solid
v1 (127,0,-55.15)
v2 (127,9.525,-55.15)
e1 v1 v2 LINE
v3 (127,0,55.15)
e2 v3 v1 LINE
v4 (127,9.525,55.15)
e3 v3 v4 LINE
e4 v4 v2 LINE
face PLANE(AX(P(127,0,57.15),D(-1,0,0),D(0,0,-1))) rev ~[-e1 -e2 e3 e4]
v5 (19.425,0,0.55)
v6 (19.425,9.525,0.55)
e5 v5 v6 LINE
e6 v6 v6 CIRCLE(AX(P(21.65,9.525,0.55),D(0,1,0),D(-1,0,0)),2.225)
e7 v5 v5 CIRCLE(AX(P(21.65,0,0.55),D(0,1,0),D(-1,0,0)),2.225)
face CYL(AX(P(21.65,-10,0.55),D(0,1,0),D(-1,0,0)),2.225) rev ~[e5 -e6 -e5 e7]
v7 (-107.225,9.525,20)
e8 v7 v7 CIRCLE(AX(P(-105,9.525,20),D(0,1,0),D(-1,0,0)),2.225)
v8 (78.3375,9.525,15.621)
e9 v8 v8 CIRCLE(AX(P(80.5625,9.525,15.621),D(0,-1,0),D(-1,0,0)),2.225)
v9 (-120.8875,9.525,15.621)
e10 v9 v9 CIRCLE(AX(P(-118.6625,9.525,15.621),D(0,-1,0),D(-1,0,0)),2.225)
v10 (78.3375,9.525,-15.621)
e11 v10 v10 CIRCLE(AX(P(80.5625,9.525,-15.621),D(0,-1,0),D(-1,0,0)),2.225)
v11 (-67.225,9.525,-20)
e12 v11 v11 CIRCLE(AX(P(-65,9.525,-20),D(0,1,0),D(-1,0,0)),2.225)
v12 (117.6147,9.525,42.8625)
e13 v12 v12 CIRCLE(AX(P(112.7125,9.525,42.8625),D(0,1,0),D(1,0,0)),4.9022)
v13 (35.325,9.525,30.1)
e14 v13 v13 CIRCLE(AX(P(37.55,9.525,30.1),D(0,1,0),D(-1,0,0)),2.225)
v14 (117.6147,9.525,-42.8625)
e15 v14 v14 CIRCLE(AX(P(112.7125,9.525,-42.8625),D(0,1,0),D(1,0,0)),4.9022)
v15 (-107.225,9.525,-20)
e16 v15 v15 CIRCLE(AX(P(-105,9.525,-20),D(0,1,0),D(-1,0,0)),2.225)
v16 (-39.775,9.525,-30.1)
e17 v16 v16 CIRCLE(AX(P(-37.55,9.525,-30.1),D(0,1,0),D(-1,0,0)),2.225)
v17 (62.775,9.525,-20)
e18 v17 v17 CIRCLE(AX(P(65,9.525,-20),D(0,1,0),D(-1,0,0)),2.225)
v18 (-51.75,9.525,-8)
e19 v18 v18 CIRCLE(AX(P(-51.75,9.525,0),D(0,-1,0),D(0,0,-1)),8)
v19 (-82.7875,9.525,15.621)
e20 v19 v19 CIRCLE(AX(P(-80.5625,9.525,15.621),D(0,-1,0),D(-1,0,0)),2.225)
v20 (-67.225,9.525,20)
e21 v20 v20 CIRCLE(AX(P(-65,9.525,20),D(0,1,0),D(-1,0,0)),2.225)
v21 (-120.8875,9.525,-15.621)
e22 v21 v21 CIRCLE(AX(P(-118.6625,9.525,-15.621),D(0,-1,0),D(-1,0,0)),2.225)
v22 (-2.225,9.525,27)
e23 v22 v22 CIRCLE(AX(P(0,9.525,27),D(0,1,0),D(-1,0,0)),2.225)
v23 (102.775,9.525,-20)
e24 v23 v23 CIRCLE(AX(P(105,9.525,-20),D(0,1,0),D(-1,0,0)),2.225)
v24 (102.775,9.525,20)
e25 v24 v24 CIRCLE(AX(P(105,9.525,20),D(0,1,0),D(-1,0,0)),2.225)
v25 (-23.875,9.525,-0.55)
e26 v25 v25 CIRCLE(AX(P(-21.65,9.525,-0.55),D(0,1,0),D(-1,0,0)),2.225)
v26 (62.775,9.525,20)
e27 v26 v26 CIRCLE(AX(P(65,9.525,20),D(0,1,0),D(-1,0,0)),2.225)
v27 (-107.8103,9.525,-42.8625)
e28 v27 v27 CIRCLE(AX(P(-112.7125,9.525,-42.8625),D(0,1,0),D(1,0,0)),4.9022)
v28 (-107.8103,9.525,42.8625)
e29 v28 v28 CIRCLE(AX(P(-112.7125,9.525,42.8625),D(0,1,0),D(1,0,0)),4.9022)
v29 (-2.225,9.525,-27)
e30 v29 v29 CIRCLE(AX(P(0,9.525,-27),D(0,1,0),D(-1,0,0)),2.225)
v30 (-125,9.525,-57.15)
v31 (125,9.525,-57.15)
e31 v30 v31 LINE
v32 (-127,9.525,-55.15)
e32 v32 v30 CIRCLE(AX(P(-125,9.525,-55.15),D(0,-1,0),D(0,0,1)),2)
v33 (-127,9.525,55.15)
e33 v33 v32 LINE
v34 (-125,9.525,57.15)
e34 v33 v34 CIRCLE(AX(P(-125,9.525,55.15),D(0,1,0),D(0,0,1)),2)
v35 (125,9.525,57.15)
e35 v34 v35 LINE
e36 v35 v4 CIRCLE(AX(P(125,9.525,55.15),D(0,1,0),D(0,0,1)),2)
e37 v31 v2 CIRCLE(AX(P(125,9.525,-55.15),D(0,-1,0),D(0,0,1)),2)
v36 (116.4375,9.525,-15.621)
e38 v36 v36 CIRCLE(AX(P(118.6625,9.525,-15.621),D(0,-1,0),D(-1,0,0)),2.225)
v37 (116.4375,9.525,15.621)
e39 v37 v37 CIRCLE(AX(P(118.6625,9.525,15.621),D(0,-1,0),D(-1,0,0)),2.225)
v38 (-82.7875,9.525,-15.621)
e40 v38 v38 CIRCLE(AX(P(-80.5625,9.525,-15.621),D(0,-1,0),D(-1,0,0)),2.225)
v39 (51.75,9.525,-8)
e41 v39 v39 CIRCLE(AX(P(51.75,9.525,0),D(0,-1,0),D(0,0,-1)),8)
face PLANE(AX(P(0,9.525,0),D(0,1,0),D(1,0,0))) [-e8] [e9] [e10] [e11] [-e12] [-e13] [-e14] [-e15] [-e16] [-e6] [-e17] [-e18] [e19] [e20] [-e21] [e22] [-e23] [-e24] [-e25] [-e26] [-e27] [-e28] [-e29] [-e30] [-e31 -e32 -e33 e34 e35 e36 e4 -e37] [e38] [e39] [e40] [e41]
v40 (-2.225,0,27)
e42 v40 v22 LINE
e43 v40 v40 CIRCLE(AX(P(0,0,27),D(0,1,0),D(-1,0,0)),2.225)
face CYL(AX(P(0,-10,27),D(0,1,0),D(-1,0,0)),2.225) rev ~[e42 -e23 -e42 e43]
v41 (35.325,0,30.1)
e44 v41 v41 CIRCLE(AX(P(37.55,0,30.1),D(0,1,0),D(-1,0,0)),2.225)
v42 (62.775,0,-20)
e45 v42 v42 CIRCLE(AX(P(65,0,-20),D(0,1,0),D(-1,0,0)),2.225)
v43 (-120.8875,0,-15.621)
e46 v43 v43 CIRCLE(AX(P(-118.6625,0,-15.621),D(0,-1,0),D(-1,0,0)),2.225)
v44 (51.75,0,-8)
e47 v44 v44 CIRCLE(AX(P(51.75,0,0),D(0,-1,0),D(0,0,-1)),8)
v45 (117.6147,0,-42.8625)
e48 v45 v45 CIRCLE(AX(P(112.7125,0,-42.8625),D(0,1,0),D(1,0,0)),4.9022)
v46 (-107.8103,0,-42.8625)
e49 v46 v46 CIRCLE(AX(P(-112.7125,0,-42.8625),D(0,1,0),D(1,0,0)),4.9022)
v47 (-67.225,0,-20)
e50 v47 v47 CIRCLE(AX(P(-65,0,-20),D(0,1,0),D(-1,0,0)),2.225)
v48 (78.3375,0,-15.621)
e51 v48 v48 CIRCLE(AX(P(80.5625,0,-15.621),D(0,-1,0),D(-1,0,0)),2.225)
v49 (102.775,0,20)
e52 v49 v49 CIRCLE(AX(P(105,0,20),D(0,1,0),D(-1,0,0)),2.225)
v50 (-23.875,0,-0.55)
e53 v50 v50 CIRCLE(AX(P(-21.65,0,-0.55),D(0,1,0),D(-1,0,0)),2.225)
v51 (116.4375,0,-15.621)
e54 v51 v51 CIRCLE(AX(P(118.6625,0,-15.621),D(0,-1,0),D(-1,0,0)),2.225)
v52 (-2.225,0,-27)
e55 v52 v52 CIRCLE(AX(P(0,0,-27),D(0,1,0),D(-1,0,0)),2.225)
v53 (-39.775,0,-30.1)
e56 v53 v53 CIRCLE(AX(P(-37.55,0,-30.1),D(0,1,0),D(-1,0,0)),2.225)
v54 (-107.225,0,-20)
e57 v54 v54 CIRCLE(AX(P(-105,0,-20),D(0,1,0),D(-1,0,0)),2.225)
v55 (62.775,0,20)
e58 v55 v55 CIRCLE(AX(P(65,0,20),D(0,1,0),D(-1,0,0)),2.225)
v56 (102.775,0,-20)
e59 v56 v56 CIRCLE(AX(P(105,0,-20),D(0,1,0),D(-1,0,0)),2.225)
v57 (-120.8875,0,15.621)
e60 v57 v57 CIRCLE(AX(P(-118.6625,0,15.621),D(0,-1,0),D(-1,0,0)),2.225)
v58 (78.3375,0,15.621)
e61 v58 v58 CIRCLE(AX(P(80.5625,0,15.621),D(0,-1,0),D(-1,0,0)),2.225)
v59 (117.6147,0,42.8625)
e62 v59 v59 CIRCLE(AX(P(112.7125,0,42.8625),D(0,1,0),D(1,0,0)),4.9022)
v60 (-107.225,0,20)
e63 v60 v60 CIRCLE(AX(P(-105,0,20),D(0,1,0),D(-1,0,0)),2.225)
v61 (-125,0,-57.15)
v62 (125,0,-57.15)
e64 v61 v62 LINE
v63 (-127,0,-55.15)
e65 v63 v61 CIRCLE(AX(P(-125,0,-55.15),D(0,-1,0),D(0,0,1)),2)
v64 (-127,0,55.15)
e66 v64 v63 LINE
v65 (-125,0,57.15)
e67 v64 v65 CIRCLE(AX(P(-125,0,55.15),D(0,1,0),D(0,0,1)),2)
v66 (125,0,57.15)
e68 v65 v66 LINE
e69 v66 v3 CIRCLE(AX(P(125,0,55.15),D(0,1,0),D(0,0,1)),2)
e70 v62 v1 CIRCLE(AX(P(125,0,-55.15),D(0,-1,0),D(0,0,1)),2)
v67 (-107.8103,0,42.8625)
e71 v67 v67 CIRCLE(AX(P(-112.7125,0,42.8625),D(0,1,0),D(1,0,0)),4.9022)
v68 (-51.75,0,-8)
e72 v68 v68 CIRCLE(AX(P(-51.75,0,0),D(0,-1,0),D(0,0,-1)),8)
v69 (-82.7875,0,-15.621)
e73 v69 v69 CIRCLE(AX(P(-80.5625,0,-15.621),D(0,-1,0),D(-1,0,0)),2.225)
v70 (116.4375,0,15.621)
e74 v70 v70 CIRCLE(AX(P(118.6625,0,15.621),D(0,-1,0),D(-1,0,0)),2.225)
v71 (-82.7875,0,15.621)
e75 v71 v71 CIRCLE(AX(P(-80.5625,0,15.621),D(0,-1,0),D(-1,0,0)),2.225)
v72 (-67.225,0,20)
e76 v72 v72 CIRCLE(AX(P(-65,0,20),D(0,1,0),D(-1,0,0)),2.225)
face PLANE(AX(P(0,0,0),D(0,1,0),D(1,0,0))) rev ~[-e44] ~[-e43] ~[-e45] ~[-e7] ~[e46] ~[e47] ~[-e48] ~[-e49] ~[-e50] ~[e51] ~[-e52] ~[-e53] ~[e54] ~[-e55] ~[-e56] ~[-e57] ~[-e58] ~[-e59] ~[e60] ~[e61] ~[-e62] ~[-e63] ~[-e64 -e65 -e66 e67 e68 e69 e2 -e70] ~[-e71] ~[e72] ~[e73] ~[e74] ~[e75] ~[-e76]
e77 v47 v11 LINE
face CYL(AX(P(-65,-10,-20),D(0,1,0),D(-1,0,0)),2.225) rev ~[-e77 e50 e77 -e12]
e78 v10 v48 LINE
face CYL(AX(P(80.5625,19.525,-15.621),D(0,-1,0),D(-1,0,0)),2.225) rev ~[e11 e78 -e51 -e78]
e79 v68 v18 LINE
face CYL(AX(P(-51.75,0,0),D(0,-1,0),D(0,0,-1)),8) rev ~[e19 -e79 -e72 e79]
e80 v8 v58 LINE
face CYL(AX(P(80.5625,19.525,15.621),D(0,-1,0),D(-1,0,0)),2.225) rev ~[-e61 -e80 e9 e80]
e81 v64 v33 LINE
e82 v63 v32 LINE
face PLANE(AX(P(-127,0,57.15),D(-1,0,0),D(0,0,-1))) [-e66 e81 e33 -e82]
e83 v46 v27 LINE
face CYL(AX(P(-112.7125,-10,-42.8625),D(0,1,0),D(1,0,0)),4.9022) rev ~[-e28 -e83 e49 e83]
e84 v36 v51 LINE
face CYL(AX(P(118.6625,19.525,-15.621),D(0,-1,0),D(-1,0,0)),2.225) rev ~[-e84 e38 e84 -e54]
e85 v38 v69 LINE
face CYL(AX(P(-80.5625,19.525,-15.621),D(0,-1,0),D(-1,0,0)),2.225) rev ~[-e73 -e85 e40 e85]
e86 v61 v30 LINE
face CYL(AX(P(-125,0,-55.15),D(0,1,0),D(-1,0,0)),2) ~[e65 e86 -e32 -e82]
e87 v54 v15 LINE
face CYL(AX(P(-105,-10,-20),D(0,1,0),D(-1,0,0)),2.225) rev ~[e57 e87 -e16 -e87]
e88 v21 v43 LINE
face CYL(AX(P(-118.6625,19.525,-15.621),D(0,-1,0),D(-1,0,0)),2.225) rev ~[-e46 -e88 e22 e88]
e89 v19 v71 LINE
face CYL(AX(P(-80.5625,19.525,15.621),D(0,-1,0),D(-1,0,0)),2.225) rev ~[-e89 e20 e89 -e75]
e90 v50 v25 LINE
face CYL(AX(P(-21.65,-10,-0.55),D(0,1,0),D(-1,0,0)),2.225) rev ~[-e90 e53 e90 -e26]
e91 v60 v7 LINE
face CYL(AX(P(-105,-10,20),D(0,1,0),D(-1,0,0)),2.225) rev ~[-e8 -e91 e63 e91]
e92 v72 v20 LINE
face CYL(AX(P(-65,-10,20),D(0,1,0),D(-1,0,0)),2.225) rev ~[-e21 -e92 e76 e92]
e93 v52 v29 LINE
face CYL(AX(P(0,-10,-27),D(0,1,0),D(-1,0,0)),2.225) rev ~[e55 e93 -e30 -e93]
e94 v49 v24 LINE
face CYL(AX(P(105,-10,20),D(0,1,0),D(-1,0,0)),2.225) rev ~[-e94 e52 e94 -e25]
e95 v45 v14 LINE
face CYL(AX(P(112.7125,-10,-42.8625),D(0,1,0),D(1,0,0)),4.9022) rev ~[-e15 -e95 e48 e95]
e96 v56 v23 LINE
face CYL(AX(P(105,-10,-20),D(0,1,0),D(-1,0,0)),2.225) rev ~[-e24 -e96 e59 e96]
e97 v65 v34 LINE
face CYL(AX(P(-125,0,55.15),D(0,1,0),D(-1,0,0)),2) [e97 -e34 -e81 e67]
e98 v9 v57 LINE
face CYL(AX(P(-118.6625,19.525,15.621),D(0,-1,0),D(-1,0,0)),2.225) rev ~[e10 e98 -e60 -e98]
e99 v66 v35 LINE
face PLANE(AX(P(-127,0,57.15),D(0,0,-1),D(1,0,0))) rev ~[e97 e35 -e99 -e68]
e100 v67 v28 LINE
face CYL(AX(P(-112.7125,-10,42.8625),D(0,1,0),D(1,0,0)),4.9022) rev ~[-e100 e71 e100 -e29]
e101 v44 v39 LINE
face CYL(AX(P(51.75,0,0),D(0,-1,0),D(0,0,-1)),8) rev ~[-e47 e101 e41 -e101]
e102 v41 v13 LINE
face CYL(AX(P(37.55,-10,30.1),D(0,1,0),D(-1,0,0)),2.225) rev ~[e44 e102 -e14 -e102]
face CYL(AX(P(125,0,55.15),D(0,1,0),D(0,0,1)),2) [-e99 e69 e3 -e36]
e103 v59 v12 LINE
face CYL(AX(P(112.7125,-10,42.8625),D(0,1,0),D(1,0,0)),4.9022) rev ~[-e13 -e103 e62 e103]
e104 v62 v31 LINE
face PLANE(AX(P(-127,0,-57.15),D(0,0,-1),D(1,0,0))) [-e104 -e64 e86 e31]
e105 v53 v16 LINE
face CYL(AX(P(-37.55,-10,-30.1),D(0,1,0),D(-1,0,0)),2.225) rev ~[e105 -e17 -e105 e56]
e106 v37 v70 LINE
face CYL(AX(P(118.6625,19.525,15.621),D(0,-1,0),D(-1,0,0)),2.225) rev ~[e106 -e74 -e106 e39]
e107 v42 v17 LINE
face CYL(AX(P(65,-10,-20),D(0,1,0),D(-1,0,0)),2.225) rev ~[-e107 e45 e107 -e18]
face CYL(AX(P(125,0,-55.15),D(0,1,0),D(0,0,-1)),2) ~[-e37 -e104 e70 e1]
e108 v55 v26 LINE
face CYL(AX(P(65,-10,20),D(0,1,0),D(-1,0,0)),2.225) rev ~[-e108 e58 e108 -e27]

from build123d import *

# Parameters (mm, degrees)
SKETCH1_W                   = 254
SKETCH1_H                   = 114.3
BOSS_EXTRUDE1_DEPTH         = 9.525
M3_CLEARANCE_HOLE1_D        = 4.45
M3_CLEARANCE_HOLE1_DEPTH    = 10
M3_CLEARANCE_HOLE1_TIP      = 1.336914877
F_3_8_CLEARANCE_HOLE1_D     = 9.8044
F_3_8_CLEARANCE_HOLE1_DEPTH = 10
F_3_8_CLEARANCE_HOLE1_TIP   = 2.945538927
M3_CLEARANCE_HOLE2_D        = 4.45
M3_CLEARANCE_HOLE2_DEPTH    = 10
M3_CLEARANCE_HOLE2_TIP      = 1.336914877
FILLET1_R                   = 2
M3_CLEARANCE_HOLE4_D        = 4.45
M3_CLEARANCE_HOLE4_DEPTH    = 10
M3_CLEARANCE_HOLE4_TIP      = 1.336914877
SKETCH18_R                  = 8
CUT_EXTRUDE1_DEPTH          = 140.5917194


with BuildPart() as part:
    # Sketch1 → Boss-Extrude1 (new body)
    with BuildSketch(Plane(origin=(0, 0, 0), x_dir=(1, 0, 0), z_dir=(0, 1, 0))):
        Rectangle(SKETCH1_W, SKETCH1_H)
    extrude(amount=BOSS_EXTRUDE1_DEPTH)

    # M3 Clearance Hole1
    with Locations(Plane(origin=(0, 9.525, 0), x_dir=(1, 0, 0), z_dir=(0, 1, 0))):
        with Locations((-80.5625, -15.621), (-80.5625, 15.621), (-118.6625, -15.621), (-118.6625, 15.621), (118.6625, -15.621), (80.5625, -15.621), (80.5625, 15.621), (118.6625, 15.621)):
            Hole(M3_CLEARANCE_HOLE1_D / 2, depth=M3_CLEARANCE_HOLE1_DEPTH)
            with Locations((0, 0, -(M3_CLEARANCE_HOLE1_DEPTH + M3_CLEARANCE_HOLE1_TIP / 2))):  # 118° drill point
                Cone(0, M3_CLEARANCE_HOLE1_D / 2, M3_CLEARANCE_HOLE1_TIP, mode=Mode.SUBTRACT)

    # 3/8 Clearance Hole1
    with Locations(Plane(origin=(0, 0, 0), x_dir=(-1, 0, 0), z_dir=(0, -1, 0))):
        with Locations((-112.7125, 42.8625), (-112.7125, -42.8625), (112.7125, -42.8625), (112.7125, 42.8625)):
            Hole(F_3_8_CLEARANCE_HOLE1_D / 2, depth=F_3_8_CLEARANCE_HOLE1_DEPTH)
            with Locations((0, 0, -(F_3_8_CLEARANCE_HOLE1_DEPTH + F_3_8_CLEARANCE_HOLE1_TIP / 2))):  # 118° drill point
                Cone(0, F_3_8_CLEARANCE_HOLE1_D / 2, F_3_8_CLEARANCE_HOLE1_TIP, mode=Mode.SUBTRACT)

    # M3 Clearance Hole2
    with Locations(Plane.XZ):
        with Locations((105, 20), (65, -20), (105, -20), (65, 20), (-65, -20), (-65, 20), (-105, 20), (-105, -20)):
            Hole(M3_CLEARANCE_HOLE2_D / 2, depth=M3_CLEARANCE_HOLE2_DEPTH)
            with Locations((0, 0, -(M3_CLEARANCE_HOLE2_DEPTH + M3_CLEARANCE_HOLE2_TIP / 2))):  # 118° drill point
                Cone(0, M3_CLEARANCE_HOLE2_D / 2, M3_CLEARANCE_HOLE2_TIP, mode=Mode.SUBTRACT)

    # Fillet1
    fillet1_edges = [part.edges().sort_by_distance(p)[0] for p in [
        (-127, 4.7625, -57.15),
        (127, 4.7625, -57.15),
        (127, 4.7625, 57.15),
        (-127, 4.7625, 57.15),
    ]]
    fillet(fillet1_edges, radius=FILLET1_R)

    # M3 Clearance Hole4
    with Locations(Plane.XZ):
        with Locations((0, -27), (-21.65, -0.55), (-37.55, -30.1), (37.55, 30.1), (21.65, 0.55), (0, 27)):
            Hole(M3_CLEARANCE_HOLE4_D / 2, depth=M3_CLEARANCE_HOLE4_DEPTH)
            with Locations((0, 0, -(M3_CLEARANCE_HOLE4_DEPTH + M3_CLEARANCE_HOLE4_TIP / 2))):  # 118° drill point
                Cone(0, M3_CLEARANCE_HOLE4_D / 2, M3_CLEARANCE_HOLE4_TIP, mode=Mode.SUBTRACT)

    # Sketch18 → Cut-Extrude1 (cut, through all)
    with BuildSketch(Plane.XZ):
        with Locations(Location((-51.75, 0, 0), (0, 0, 270))):
            Circle(SKETCH18_R)
        with Locations(Location((51.75, 0, 0), (0, 0, 270))):
            Circle(SKETCH18_R)
    extrude(amount=-CUT_EXTRUDE1_DEPTH, mode=Mode.SUBTRACT)


solid = part.part
